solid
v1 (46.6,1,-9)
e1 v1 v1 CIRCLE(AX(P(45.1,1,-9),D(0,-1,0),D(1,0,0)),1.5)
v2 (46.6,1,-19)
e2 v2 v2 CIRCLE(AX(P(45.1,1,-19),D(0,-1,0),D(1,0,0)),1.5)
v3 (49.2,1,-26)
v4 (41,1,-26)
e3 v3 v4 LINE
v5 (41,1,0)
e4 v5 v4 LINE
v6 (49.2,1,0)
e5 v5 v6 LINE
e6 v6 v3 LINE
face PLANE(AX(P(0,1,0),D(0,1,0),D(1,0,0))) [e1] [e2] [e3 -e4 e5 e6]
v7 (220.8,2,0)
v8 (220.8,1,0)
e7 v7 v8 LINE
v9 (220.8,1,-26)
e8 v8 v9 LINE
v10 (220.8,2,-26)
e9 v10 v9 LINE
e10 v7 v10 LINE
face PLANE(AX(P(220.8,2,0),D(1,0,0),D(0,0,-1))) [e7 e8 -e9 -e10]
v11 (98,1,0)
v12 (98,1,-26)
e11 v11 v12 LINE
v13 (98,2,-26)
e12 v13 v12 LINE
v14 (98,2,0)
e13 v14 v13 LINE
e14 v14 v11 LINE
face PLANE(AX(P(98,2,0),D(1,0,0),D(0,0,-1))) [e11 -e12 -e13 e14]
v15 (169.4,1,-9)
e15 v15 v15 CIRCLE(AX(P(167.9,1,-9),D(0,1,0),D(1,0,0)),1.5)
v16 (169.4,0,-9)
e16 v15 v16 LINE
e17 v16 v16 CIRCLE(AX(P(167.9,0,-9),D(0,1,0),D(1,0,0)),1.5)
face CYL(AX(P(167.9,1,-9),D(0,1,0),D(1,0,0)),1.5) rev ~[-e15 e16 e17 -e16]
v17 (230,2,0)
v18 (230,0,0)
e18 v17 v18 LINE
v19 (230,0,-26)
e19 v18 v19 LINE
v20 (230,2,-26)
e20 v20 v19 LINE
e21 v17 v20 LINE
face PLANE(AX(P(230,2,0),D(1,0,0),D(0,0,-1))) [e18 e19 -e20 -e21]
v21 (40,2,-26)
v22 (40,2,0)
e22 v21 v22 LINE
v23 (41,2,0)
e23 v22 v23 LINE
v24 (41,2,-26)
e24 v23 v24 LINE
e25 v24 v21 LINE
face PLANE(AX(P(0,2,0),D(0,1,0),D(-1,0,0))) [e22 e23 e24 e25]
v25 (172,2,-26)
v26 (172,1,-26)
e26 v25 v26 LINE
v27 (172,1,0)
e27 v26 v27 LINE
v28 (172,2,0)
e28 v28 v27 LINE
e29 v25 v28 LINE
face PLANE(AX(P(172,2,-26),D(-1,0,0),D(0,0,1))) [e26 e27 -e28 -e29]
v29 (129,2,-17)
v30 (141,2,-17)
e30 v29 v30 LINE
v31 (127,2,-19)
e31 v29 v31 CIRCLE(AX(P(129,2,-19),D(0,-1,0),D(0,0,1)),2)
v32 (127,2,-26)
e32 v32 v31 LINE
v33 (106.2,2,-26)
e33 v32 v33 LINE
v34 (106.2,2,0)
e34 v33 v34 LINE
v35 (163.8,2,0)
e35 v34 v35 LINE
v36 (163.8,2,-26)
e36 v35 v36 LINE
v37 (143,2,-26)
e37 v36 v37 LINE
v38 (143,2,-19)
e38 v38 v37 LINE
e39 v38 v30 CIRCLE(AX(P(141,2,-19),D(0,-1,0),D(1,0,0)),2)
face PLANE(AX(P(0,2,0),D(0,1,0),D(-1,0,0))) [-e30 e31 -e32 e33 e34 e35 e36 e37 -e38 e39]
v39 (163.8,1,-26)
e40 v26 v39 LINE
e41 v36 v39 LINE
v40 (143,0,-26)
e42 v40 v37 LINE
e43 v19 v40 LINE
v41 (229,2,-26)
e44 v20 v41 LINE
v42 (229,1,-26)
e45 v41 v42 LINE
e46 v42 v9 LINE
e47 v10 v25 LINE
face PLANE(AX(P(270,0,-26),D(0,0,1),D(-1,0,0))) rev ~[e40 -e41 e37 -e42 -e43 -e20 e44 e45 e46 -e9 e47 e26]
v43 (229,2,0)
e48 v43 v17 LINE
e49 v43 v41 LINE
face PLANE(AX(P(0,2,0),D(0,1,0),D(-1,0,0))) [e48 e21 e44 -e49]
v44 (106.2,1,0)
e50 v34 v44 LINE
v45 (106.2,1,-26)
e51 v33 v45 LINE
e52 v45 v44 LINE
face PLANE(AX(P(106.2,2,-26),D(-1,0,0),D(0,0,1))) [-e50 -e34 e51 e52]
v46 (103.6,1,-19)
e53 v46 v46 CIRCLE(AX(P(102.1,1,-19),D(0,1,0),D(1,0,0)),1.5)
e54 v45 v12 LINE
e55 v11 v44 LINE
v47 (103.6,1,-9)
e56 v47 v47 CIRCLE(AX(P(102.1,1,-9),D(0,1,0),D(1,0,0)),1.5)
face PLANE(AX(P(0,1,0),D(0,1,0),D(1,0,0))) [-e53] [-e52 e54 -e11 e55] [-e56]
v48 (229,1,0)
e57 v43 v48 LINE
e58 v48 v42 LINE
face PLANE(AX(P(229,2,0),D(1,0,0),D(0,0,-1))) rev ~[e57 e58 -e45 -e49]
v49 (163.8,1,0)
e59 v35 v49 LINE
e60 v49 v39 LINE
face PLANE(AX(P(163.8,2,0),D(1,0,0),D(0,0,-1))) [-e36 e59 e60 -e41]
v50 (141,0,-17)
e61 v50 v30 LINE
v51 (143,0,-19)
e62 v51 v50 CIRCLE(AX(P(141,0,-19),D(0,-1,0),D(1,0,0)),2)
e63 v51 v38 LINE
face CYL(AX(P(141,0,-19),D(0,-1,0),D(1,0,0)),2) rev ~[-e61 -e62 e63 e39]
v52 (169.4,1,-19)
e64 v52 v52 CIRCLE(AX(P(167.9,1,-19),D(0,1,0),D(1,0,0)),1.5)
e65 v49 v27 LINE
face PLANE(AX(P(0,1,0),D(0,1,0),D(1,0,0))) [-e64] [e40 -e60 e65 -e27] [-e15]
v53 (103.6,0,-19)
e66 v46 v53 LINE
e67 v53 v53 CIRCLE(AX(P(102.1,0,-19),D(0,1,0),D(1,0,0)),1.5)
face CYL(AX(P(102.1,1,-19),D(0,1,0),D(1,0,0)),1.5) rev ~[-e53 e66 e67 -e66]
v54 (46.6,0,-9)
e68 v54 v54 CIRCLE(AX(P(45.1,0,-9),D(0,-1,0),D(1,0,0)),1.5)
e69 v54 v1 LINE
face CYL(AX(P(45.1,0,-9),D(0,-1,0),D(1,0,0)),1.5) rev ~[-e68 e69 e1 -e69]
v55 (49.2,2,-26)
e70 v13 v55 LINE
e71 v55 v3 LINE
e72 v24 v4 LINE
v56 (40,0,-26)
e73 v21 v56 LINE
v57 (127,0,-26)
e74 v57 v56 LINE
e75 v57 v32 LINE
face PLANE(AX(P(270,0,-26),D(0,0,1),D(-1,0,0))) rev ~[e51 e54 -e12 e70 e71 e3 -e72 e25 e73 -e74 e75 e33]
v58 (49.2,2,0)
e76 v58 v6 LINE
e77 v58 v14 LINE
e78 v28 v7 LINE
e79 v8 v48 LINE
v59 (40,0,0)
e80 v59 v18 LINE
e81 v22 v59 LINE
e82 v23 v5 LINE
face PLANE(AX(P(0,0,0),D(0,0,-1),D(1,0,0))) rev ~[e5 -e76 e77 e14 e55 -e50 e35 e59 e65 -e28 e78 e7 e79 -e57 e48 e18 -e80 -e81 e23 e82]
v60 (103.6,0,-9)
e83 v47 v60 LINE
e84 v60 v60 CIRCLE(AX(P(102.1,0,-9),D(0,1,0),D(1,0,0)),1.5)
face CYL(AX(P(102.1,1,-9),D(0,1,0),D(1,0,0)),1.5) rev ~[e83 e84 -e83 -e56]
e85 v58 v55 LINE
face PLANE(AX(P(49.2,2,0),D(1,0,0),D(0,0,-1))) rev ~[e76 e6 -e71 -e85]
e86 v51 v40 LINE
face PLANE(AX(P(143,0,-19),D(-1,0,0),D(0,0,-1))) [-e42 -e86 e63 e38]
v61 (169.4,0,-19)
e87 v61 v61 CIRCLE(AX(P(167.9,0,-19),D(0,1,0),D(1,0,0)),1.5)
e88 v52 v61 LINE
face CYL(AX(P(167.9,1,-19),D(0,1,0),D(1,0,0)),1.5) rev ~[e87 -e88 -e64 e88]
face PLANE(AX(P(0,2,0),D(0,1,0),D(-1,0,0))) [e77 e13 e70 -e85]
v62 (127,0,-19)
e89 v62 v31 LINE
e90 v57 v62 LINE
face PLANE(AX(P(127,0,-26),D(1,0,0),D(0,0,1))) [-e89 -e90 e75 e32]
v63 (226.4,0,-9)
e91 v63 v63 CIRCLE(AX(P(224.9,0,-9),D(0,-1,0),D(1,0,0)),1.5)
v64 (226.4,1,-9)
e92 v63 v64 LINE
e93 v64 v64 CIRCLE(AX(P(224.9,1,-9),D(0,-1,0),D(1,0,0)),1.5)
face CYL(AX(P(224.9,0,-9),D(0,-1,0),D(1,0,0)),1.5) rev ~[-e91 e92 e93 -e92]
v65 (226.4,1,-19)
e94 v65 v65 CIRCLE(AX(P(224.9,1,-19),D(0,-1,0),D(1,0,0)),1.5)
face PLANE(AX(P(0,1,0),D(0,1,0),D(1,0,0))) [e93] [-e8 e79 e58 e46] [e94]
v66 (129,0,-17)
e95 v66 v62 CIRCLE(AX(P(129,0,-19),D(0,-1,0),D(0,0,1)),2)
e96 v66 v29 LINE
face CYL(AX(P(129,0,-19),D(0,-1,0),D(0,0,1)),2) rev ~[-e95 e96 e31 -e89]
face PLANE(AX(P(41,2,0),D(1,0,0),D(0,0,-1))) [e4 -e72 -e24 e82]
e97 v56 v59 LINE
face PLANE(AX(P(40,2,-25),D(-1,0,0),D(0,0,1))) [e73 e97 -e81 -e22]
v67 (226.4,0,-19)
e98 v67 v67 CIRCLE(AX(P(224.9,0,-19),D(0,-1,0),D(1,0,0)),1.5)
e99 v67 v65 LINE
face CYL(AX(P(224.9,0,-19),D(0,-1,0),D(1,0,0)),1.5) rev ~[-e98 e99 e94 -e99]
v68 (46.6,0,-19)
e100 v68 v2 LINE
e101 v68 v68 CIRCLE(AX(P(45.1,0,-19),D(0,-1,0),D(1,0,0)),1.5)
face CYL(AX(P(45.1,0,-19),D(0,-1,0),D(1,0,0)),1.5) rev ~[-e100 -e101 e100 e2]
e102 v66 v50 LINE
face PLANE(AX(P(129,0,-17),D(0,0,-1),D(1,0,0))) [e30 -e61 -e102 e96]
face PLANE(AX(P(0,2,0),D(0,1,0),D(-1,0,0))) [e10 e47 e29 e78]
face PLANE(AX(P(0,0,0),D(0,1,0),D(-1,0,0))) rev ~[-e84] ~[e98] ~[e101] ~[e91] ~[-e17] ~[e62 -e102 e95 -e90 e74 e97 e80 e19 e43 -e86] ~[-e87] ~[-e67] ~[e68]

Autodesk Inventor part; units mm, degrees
ref_plane "YZ Plane" through (0, 0, 0) normal (1, 0, 0) x (0, 1, 0)
ref_plane "XZ Plane" through (0, 0, 0) normal (0, 1, 0) x (-1, 0, 0)
ref_plane "XY Plane" through (0, 0, 0) normal (0, 0, 1) x (1, 0, 0)
sketch "스케치1" plane through (0, 0, 0) normal (0, 1, 0) x (-1, 0, 0)
  line L0 (0, 0) -> (-270, 0)
  line L1 (-270, 0) -> (-270, -26)
  line L2 (-270, -26) -> (0, -26)
  line L3 (0, -26) -> (0, 0)
  dimension "d0" = 270
  dimension "d1" = 26
extrude "돌출1" add sketch "스케치1" along normal blind 2
sketch "스케치2" plane through (0, 2, 0) normal (0, 1, 0) x (1, 0, 0)
  line L0 (0, 0) -> (270, 0) projected
  line L1 (270, 0) -> (270, 26) projected
  line L2 (270, 26) -> (0, 26) projected
  line L3 (0, 26) -> (0, 0) projected
  line L4 (1, 26) -> (1, 0)
  line L5 (9.2, 26) -> (9.2, 0)
  line L6 (269, 26) -> (269, 0)
  line L7 (260.8, 26) -> (260.8, 0)
  line L8 (0, 0) -> (270, 0) projected
  line L9 (270, 26) -> (0, 26) projected
  line L10 (260.8, 0) -> (269, 0)
  line L11 (260.8, 26) -> (269, 26)
  line L12 (0, 0) -> (40, 0)
  line L13 (40, 0) -> (41, 0)
  line L14 (41, 0) -> (41, 26)
  line L15 (41, 0) -> (49.2, 0)
  line L16 (49.2, 0) -> (49.2, 26)
  line L17 (270, 0) -> (270, 0)
  line L18 (270, 0) -> (229, 0)
  line L19 (229, 0) -> (220.8, 0)
  line L20 (220.8, 0) -> (220.8, 26)
  line L21 (229, 0) -> (229, 26)
  line L22 (229, 26) -> (220.8, 26)
  line L23 (41, 26) -> (49.2, 26)
  line L24 (9.2, 0) -> (1, 0)
  line L25 (9.2, 26) -> (1, 26)
  line L26 (1, 0) -> (1, 26)
  dimension "d19" = 8.2
  dimension "d20" = 1
  dimension "d21" = 8.2
  dimension "d22" = 40
  dimension "d23" = 1
  dimension "d24" = 8.2
  dimension "d26" = 8.2
  dimension "d29" = 41
extrude "돌출3" cut sketch "스케치2" against normal blind 1 contours L4 L2 L5 L0 | L14 L2 L16 L0 | L20 L2 L21 L0 | L7 L2 L6 L0
sketch "스케치5" plane through (0, 0, 0) normal (0, -1, 0) x (1, 0, 0)
  line L0 (0, 0) -> (270, 0) projected
  line L1 (0, -26) -> (0, 0) projected
  line L2 (270, -26) -> (0, -26) projected
  line L3 (270, 0) -> (270, -26) projected
  line L4 (0, 0) -> (270, 0) projected
  line L5 (270, -26) -> (0, -26) projected
  line L6 (127, -26) -> (127, -19)
  line L7 (129, -17) -> (141, -17)
  line L8 (143, -19) -> (143, -26)
  arc A0 (129, -17) -> (127, -19) centre (129, -19) ccw
  arc A1 (143, -19) -> (141, -17) centre (141, -19) ccw
  point P0 (127, -17)
  point P1 (143, -17)
  dimension "d39" = 9
  dimension "d40" = 16
  dimension "d70" = 127
  dimension "d71" = 2
  dimension "d72" = 2
sketch "스케치6" plane through (0, 0, 0) normal (0, -1, 0) x (1, 0, 0)
  line L0 (1, -26) -> (9.2, -26) projected
  line L1 (1, 0) -> (1, -26) projected
  line L2 (9.2, 0) -> (1, 0) projected
  line L3 (9.2, -26) -> (9.2, 0) projected
  line L4 (49.2, 0) -> (41, 0) projected
  line L5 (49.2, -26) -> (49.2, 0) projected
  line L6 (41, -26) -> (49.2, -26) projected
  line L7 (41, 0) -> (41, -26) projected
  line L8 (220.8, -26) -> (229, -26) projected
  line L9 (220.8, 0) -> (220.8, -26) projected
  line L10 (229, 0) -> (220.8, 0) projected
  line L11 (229, -26) -> (229, 0) projected
  line L12 (269, -26) -> (269, 0) projected
  line L13 (260.8, -26) -> (269, -26) projected
  line L14 (260.8, 0) -> (260.8, -26) projected
  line L15 (269, 0) -> (260.8, 0) projected
  circle A0 centre (5.1, -9) radius 1.5
  circle A1 centre (5.1, -19) radius 1.5
  circle A2 centre (45.1, -9) radius 1.5
  circle A3 centre (45.1, -19) radius 1.5
  circle A4 centre (224.9, -9) radius 1.5
  circle A5 centre (224.9, -19) radius 1.5
  circle A6 centre (264.9, -19) radius 1.5
  circle A7 centre (264.9, -9) radius 1.5
  point P0 (0, 0)
  dimension "d43" = 3
  dimension "d44" = 3
  dimension "d45" = 3
  dimension "d46" = 3
  dimension "d47" = 3
  dimension "d48" = 3
  dimension "d49" = 3
  dimension "d50" = 3
  dimension "d51" = 4.1
  dimension "d52" = 4.1
  dimension "d53" = 4.1
  dimension "d54" = 4.1
  dimension "d55" = 4.1
  dimension "d56" = 4.1
  dimension "d57" = 4.1
  dimension "d58" = 4.1
  dimension "d59" = 9
  dimension "d60" = 7
  dimension "d61" = 7
  dimension "d62" = 9
  dimension "d63" = 9
  dimension "d64" = 7
  dimension "d65" = 7
  dimension "d66" = 9
extrude "돌출6" cut sketch "스케치6" against normal blind 10 contours A0 | A1 | A2 | A3 | A4 | A5 | A6 | A7
extrude "돌출7" cut sketch "스케치5" against normal blind 2 contours L6 A0 L7 A1 L8 L2
sketch "스케치7" plane through (0, 2, 0) normal (0, 1, 0) x (1, 0, 0)
  line L0 (127, 19) -> (127, 26) projected
  line L1 (127, 26) -> (49.2, 26) projected
  line L2 (49.2, 26) -> (49.2, 0) projected
  line L3 (49.2, 0) -> (220.8, 0) projected
  line L4 (220.8, 0) -> (220.8, 26) projected
  line L5 (220.8, 26) -> (143, 26) projected
  line L6 (143, 26) -> (143, 19) projected
  arc A0 (141, 17) -> (143, 19) centre (141, 19) ccw projected
  line L7 (141, 17) -> (129, 17) projected
  arc A1 (127, 19) -> (129, 17) centre (129, 19) ccw projected
  line L8 (49.2, 0) -> (220.8, 0) projected
  line L9 (270, 26) -> (143, 26) projected
  line L10 (172, 0) -> (163.8, 0)
  line L11 (163.8, 0) -> (163.8, 26)
  line L12 (163.8, 26) -> (172, 26)
  line L13 (172, 26) -> (172, 0)
  line L14 (127, 26) -> (49.2, 26) projected
  line L15 (106.2, 0) -> (98, 0)
  line L16 (98, 0) -> (98, 26)
  line L17 (98, 26) -> (106.2, 26)
  line L18 (106.2, 26) -> (106.2, 0)
  line L19 (270, 0) -> (270, 26) projected
  line L20 (0, 26) -> (0, 0) projected
  dimension "d75" = 8.2
  dimension "d76" = 8.2
  dimension "d77" = 98
  dimension "d78" = 98
extrude "돌출8" cut sketch "스케치7" against normal blind 1 contours L18 L3 L16 L1 | L11 L5 L13 L3
sketch "스케치8" plane through (0, 1, 0) normal (0, 1, 0) x (1, 0, 0)
  circle A0 centre (167.9, 19) radius 1.5
  circle A1 centre (167.9, 9) radius 1.5
  circle A2 centre (102.1, 9) radius 1.5
  circle A3 centre (102.1, 19) radius 1.5
  line L0 (163.8, 26) -> (172, 26) projected
  line L1 (172, 26) -> (172, 0) projected
  line L2 (163.8, 0) -> (163.8, 26) projected
  line L3 (106.2, 26) -> (106.2, 0) projected
  line L4 (98, 0) -> (98, 26) projected
  line L5 (98, 26) -> (106.2, 26) projected
  point P0 (0, 0)
  dimension "d81" = 3
  dimension "d82" = 3
  dimension "d83" = 3
  dimension "d84" = 3
  dimension "d85" = 7
  dimension "d86" = 4.1
  dimension "d87" = 4.1
  dimension "d88" = 10
  dimension "d89" = 4.1
  dimension "d90" = 4.1
  dimension "d91" = 7
  dimension "d92" = 10
extrude "돌출9" cut sketch "스케치8" against normal blind 1
sketch "스케치9" plane through (0, 2, 0) normal (0, 1, 0) x (1, 0, 0)
  line L0 (230, 0) -> (230, 25)
  line L1 (40, 25) -> (40, 0)
  line L2 (270, 0) -> (270, 26) projected
  line L3 (230, 0) -> (270, 0)
  line L4 (270, 0) -> (270, 26)
  line L5 (270, 26) -> (230, 26)
  line L6 (230, 26) -> (230, 0)
  line L7 (40, 0) -> (0, 0)
  line L8 (0, 0) -> (0, 26)
  line L9 (0, 26) -> (40, 26)
  line L10 (40, 26) -> (40, 0)
extrude "돌출10" cut sketch "스케치9" against normal blind 10
properties part number "앞뒷판_중간" material "알루미늄 6061"
